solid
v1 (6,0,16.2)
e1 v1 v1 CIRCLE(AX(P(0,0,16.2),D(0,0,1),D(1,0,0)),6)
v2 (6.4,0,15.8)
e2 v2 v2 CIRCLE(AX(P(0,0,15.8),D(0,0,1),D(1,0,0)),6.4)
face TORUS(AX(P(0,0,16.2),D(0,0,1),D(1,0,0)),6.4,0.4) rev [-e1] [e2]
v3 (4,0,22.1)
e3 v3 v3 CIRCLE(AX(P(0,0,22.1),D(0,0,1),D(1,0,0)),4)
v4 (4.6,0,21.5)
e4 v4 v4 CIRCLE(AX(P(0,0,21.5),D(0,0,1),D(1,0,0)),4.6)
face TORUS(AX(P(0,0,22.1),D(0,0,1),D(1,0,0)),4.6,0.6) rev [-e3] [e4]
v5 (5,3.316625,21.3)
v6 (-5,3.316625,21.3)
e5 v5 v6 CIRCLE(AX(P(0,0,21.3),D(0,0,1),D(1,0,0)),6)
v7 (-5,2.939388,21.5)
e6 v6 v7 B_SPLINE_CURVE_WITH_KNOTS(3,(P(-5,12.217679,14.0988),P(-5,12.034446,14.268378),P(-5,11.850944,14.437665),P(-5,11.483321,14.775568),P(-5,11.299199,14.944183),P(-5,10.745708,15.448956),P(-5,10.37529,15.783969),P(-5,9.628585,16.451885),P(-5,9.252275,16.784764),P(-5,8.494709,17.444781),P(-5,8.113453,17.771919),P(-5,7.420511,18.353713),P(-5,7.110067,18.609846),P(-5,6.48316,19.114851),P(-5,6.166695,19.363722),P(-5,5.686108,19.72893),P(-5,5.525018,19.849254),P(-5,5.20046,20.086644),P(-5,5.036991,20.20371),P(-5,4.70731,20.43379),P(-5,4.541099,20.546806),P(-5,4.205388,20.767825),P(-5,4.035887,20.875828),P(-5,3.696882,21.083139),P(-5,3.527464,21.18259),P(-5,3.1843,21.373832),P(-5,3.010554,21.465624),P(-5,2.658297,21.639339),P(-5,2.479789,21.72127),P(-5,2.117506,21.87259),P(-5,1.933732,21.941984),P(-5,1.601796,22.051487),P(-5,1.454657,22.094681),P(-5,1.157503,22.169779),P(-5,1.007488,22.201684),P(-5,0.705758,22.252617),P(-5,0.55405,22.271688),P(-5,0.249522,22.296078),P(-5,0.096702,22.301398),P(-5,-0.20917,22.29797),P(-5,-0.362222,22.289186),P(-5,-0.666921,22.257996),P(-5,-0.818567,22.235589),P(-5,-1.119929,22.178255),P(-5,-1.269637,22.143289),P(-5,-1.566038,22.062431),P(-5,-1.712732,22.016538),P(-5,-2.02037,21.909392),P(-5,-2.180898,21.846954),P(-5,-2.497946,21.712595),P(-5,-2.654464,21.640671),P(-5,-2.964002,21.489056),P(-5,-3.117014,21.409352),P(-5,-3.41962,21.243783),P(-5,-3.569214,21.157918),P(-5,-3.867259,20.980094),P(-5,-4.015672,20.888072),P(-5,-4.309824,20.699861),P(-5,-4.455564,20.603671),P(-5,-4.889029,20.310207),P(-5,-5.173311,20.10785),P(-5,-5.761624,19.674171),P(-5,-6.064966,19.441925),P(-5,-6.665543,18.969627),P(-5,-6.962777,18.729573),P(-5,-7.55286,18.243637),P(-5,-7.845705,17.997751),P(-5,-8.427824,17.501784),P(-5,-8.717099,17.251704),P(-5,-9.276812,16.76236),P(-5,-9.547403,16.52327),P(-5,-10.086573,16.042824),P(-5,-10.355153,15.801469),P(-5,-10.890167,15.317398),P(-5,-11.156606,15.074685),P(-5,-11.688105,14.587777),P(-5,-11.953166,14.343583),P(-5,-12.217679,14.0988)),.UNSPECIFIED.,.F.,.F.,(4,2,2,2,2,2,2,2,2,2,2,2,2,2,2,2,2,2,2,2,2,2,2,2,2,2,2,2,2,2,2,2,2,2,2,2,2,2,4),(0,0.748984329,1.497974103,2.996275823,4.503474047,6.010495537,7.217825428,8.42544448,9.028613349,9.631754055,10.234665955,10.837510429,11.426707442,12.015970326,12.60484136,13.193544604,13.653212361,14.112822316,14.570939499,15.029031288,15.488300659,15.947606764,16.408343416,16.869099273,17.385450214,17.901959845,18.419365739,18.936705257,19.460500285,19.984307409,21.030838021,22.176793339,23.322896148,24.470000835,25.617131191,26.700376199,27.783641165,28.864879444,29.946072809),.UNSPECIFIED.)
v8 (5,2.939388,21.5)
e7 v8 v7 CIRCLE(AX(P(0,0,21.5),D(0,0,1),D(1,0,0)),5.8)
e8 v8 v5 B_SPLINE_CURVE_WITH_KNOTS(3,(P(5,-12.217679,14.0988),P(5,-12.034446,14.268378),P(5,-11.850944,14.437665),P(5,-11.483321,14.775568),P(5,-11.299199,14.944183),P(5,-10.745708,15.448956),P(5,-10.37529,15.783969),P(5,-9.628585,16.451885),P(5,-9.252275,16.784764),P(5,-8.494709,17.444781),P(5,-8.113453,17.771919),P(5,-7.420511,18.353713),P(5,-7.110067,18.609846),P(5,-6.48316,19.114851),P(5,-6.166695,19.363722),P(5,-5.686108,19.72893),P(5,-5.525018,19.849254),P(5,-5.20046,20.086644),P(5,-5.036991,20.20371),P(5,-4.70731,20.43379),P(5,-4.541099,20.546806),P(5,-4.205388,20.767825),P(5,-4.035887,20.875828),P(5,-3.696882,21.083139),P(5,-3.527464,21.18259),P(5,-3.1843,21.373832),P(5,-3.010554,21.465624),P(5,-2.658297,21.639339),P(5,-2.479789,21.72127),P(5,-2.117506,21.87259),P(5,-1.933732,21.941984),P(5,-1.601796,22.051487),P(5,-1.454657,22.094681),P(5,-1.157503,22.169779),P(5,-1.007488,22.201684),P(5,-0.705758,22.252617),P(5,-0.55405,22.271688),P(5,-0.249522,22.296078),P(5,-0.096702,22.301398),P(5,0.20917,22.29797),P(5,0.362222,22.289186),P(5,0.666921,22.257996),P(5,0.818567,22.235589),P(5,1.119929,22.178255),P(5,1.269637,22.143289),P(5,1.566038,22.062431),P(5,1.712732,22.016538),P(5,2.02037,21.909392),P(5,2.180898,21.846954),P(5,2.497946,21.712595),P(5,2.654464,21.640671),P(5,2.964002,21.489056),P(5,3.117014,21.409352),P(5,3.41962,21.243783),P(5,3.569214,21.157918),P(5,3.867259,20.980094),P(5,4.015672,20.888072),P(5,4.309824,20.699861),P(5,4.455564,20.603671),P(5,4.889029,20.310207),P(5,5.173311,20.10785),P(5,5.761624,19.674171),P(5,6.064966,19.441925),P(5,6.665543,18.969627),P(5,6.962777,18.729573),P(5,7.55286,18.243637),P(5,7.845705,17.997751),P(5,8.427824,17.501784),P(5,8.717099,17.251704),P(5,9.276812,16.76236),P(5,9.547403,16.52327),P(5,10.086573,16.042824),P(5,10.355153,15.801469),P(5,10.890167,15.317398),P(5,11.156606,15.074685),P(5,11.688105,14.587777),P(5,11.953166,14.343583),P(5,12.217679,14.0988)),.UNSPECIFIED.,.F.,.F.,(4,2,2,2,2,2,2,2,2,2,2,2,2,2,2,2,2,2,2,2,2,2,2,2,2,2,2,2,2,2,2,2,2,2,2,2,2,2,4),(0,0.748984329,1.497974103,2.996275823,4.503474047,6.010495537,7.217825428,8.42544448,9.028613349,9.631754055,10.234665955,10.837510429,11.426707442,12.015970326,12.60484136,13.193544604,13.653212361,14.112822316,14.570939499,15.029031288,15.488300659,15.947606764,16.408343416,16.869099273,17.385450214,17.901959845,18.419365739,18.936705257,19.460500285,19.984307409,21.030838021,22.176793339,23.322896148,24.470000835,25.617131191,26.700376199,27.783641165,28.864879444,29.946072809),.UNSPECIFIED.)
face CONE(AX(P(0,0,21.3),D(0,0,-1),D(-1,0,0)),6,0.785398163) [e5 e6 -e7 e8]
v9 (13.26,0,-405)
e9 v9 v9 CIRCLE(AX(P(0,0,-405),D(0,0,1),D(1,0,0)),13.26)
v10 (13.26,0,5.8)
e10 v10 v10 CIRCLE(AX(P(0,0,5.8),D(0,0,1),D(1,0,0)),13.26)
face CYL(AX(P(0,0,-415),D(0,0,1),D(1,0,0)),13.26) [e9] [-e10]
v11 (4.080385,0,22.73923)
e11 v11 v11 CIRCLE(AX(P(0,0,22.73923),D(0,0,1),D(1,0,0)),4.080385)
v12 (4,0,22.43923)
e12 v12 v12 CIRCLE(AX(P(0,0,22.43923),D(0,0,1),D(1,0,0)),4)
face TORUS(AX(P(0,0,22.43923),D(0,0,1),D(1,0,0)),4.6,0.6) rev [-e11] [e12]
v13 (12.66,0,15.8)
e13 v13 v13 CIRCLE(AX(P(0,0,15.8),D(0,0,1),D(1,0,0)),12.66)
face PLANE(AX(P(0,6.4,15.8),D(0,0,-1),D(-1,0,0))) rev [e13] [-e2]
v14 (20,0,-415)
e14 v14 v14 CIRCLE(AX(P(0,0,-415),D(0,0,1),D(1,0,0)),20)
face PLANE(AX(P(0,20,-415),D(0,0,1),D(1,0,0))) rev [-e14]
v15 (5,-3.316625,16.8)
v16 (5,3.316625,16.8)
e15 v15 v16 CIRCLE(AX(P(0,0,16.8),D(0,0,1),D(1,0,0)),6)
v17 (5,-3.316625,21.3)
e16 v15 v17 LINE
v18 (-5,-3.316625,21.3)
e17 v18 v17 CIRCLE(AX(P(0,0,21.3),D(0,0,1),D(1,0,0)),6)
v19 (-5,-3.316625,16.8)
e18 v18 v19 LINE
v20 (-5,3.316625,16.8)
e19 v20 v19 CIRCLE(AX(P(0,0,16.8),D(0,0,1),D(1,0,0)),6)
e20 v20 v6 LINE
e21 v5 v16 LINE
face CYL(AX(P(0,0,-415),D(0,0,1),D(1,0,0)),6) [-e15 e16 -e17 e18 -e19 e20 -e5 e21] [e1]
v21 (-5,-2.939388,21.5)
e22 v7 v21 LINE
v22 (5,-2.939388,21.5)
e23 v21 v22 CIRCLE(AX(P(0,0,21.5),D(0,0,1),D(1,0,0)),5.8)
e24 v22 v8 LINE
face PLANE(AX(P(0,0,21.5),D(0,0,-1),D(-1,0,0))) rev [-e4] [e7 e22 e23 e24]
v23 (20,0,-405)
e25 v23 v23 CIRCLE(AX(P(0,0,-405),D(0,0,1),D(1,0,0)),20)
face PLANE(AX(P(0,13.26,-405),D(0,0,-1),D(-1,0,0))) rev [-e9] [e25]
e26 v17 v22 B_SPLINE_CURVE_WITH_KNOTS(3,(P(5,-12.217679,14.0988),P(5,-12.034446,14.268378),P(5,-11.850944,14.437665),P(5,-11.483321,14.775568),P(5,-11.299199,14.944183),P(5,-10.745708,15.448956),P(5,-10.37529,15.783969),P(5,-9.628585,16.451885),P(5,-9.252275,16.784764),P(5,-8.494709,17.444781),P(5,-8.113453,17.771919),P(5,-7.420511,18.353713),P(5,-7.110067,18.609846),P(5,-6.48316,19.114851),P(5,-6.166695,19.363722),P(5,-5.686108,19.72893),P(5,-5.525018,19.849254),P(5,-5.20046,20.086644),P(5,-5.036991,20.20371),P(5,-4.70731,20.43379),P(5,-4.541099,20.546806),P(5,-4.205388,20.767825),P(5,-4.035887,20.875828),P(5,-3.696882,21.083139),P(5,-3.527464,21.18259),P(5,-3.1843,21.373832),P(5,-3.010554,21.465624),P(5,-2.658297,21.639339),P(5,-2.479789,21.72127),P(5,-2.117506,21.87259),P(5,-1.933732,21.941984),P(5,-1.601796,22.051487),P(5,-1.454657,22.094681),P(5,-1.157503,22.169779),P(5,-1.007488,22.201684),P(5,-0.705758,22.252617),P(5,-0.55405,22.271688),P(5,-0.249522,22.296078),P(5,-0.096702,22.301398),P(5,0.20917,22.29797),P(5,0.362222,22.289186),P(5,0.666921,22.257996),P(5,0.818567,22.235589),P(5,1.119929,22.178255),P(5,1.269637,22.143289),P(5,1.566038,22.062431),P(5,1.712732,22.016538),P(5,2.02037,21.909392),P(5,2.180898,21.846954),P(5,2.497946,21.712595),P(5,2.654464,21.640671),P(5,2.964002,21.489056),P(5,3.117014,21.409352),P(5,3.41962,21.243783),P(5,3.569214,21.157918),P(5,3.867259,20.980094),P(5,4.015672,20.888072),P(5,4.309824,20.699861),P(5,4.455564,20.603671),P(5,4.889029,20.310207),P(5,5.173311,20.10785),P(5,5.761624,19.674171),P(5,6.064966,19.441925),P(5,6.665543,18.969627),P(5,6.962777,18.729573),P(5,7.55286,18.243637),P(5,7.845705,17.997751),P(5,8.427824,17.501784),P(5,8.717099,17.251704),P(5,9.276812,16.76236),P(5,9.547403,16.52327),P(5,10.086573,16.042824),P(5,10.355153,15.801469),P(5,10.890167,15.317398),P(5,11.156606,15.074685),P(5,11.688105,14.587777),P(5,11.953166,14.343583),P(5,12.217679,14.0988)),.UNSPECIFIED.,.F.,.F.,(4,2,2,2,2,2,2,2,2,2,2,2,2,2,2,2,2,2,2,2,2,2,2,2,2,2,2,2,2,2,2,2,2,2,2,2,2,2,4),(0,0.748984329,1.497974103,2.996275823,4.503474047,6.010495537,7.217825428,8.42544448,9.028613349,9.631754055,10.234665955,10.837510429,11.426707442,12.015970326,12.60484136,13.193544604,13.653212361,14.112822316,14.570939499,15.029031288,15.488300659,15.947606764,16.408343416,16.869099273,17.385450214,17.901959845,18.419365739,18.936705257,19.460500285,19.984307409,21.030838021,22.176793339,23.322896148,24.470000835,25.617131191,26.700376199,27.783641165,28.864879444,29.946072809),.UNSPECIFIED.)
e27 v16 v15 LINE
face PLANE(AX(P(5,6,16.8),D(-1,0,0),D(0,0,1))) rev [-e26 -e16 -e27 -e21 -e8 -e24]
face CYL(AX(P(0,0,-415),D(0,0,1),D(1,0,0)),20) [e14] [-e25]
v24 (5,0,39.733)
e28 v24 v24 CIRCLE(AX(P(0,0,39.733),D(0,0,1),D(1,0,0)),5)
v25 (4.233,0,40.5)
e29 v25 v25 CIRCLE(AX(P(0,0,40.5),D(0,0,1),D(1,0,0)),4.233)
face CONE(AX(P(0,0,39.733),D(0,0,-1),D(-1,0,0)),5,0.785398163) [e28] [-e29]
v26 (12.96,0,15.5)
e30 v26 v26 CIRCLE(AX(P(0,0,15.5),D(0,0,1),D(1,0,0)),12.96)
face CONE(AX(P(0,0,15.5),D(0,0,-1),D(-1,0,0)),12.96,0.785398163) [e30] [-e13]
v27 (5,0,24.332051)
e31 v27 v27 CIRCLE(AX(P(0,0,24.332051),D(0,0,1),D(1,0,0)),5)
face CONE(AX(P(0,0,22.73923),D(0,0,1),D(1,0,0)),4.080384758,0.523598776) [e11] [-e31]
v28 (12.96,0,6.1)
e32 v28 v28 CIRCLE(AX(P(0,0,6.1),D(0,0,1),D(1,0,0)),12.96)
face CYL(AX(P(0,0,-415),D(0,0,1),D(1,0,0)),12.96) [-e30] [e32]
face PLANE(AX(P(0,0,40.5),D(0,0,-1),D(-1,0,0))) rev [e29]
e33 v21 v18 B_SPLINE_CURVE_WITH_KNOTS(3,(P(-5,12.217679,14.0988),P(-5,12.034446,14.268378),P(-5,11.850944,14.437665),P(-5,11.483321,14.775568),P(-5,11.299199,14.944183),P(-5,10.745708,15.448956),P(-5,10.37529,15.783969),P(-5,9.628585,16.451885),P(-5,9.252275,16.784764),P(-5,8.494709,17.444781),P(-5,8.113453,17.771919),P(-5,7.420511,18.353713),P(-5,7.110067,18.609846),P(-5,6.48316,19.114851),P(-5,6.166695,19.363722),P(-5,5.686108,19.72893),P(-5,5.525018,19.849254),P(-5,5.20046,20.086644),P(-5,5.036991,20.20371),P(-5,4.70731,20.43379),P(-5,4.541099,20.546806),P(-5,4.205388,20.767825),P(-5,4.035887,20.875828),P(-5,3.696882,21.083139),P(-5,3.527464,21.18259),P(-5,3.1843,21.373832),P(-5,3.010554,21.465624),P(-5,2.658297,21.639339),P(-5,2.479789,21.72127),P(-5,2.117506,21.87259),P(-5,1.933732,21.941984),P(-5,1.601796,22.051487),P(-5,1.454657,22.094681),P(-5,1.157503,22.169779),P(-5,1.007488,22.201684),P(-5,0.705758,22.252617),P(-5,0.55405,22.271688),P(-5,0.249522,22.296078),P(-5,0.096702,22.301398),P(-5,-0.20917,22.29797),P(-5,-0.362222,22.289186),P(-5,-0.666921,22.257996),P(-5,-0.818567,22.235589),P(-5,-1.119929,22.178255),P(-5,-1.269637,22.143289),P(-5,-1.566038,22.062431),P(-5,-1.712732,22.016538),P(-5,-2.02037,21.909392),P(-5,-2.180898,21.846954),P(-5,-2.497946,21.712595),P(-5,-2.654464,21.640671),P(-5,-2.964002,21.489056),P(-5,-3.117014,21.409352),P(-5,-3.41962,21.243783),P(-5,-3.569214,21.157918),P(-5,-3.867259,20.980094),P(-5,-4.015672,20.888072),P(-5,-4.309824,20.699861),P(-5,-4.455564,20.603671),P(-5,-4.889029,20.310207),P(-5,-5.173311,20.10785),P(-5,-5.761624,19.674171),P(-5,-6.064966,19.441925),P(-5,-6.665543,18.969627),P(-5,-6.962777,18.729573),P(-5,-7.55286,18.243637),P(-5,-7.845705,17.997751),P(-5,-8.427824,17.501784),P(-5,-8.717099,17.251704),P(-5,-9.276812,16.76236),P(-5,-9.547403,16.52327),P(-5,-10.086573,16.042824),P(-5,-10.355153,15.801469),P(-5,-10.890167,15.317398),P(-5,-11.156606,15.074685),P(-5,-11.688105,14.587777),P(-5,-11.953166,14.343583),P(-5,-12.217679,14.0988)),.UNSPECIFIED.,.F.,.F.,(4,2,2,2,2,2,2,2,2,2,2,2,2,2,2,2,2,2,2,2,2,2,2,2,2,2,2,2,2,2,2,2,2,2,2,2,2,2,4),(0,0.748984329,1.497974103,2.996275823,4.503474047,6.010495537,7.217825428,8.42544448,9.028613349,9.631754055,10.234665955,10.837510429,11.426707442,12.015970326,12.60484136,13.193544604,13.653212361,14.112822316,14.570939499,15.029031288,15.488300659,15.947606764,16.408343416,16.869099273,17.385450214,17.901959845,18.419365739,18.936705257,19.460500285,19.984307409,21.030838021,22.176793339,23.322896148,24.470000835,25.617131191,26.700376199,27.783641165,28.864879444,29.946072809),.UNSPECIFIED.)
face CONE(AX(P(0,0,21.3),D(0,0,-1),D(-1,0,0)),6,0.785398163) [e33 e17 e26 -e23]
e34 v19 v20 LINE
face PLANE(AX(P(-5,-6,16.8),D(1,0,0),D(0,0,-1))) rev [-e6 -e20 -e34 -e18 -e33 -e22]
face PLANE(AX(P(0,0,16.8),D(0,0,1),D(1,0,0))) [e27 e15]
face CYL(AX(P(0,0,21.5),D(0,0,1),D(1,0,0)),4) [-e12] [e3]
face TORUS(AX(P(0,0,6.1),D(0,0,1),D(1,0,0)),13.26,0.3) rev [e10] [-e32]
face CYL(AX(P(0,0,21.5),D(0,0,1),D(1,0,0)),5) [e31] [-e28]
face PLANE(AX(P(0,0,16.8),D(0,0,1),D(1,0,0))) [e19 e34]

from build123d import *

# Parameters (mm, degrees)
CUT_EXTRUDE1_DEPTH = 4.7


with BuildPart() as part:
    # Sketch1 → Revolve1 (revolve)
    with BuildSketch(Plane(origin=(0, 0, 0), x_dir=(0, 0, -1), z_dir=(1, 0, 0))):
        with BuildLine():
            Line((-21.5, 0), (-21.5, 5.8))
            Line((-21.5, 5.8), (-21.3, 6))
            Line((-21.3, 6), (-16.2, 6))
            ThreePointArc((-16.2, 6), (-15.917157288, 6.117157288), (-15.8, 6.4))
            Line((-15.8, 6.4), (-15.8, 12.66))
            Line((-15.8, 12.66), (-15.5, 12.96))
            Line((-15.5, 12.96), (-6.1, 12.96))
            ThreePointArc((-6.1, 12.96), (-5.887867966, 13.047867966), (-5.8, 13.26))
            Line((-5.8, 13.26), (405, 13.26))
            Line((405, 13.26), (405, 20))
            Line((405, 20), (415, 20))
            Line((415, 20), (415, 0))
            Line((415, 0), (-21.5, 0))
        make_face()
    revolve(axis=Axis((0, 0, -415), (0, 0, 1)))

    # Sketch2 → Revolve2 (revolve)
    with BuildSketch(Plane(origin=(0, 0, 0), x_dir=(0, 0, -1), z_dir=(1, 0, 0))):
        with BuildLine():
            Line((-40.5, 0), (-40.5, 4.233))
            Line((-40.5, 4.233), (-39.733, 5))
            Line((-39.733, 5), (-24.332050808, 5))
            Line((-24.332050808, 5), (-22.739230485, 4.080384758))
            ThreePointArc((-22.739230485, 4.080384758), (-22.594521912, 4.020444504), (-22.439230485, 4))
            Line((-22.439230485, 4), (-22.1, 4))
            ThreePointArc((-22.1, 4), (-21.675735931, 4.175735931), (-21.5, 4.6))
            Line((-21.5, 4.6), (-21.5, 0))
            Line((-21.5, 0), (-40.5, 0))
        make_face()
    revolve(axis=Axis((0, 0, 21.5), (0, 0, 1)))

    # Sketch3 → Cut-Extrude1 (cut)
    with BuildSketch(Plane.XY.offset(21.5)):
        Polygon((-7, 8), (-7, -6), (-5, -6), (-5, 6), (5, 6), (5, -6), (7, -6), (7, 8), align=None)
    extrude(amount=-CUT_EXTRUDE1_DEPTH, mode=Mode.SUBTRACT)


solid = part.part
